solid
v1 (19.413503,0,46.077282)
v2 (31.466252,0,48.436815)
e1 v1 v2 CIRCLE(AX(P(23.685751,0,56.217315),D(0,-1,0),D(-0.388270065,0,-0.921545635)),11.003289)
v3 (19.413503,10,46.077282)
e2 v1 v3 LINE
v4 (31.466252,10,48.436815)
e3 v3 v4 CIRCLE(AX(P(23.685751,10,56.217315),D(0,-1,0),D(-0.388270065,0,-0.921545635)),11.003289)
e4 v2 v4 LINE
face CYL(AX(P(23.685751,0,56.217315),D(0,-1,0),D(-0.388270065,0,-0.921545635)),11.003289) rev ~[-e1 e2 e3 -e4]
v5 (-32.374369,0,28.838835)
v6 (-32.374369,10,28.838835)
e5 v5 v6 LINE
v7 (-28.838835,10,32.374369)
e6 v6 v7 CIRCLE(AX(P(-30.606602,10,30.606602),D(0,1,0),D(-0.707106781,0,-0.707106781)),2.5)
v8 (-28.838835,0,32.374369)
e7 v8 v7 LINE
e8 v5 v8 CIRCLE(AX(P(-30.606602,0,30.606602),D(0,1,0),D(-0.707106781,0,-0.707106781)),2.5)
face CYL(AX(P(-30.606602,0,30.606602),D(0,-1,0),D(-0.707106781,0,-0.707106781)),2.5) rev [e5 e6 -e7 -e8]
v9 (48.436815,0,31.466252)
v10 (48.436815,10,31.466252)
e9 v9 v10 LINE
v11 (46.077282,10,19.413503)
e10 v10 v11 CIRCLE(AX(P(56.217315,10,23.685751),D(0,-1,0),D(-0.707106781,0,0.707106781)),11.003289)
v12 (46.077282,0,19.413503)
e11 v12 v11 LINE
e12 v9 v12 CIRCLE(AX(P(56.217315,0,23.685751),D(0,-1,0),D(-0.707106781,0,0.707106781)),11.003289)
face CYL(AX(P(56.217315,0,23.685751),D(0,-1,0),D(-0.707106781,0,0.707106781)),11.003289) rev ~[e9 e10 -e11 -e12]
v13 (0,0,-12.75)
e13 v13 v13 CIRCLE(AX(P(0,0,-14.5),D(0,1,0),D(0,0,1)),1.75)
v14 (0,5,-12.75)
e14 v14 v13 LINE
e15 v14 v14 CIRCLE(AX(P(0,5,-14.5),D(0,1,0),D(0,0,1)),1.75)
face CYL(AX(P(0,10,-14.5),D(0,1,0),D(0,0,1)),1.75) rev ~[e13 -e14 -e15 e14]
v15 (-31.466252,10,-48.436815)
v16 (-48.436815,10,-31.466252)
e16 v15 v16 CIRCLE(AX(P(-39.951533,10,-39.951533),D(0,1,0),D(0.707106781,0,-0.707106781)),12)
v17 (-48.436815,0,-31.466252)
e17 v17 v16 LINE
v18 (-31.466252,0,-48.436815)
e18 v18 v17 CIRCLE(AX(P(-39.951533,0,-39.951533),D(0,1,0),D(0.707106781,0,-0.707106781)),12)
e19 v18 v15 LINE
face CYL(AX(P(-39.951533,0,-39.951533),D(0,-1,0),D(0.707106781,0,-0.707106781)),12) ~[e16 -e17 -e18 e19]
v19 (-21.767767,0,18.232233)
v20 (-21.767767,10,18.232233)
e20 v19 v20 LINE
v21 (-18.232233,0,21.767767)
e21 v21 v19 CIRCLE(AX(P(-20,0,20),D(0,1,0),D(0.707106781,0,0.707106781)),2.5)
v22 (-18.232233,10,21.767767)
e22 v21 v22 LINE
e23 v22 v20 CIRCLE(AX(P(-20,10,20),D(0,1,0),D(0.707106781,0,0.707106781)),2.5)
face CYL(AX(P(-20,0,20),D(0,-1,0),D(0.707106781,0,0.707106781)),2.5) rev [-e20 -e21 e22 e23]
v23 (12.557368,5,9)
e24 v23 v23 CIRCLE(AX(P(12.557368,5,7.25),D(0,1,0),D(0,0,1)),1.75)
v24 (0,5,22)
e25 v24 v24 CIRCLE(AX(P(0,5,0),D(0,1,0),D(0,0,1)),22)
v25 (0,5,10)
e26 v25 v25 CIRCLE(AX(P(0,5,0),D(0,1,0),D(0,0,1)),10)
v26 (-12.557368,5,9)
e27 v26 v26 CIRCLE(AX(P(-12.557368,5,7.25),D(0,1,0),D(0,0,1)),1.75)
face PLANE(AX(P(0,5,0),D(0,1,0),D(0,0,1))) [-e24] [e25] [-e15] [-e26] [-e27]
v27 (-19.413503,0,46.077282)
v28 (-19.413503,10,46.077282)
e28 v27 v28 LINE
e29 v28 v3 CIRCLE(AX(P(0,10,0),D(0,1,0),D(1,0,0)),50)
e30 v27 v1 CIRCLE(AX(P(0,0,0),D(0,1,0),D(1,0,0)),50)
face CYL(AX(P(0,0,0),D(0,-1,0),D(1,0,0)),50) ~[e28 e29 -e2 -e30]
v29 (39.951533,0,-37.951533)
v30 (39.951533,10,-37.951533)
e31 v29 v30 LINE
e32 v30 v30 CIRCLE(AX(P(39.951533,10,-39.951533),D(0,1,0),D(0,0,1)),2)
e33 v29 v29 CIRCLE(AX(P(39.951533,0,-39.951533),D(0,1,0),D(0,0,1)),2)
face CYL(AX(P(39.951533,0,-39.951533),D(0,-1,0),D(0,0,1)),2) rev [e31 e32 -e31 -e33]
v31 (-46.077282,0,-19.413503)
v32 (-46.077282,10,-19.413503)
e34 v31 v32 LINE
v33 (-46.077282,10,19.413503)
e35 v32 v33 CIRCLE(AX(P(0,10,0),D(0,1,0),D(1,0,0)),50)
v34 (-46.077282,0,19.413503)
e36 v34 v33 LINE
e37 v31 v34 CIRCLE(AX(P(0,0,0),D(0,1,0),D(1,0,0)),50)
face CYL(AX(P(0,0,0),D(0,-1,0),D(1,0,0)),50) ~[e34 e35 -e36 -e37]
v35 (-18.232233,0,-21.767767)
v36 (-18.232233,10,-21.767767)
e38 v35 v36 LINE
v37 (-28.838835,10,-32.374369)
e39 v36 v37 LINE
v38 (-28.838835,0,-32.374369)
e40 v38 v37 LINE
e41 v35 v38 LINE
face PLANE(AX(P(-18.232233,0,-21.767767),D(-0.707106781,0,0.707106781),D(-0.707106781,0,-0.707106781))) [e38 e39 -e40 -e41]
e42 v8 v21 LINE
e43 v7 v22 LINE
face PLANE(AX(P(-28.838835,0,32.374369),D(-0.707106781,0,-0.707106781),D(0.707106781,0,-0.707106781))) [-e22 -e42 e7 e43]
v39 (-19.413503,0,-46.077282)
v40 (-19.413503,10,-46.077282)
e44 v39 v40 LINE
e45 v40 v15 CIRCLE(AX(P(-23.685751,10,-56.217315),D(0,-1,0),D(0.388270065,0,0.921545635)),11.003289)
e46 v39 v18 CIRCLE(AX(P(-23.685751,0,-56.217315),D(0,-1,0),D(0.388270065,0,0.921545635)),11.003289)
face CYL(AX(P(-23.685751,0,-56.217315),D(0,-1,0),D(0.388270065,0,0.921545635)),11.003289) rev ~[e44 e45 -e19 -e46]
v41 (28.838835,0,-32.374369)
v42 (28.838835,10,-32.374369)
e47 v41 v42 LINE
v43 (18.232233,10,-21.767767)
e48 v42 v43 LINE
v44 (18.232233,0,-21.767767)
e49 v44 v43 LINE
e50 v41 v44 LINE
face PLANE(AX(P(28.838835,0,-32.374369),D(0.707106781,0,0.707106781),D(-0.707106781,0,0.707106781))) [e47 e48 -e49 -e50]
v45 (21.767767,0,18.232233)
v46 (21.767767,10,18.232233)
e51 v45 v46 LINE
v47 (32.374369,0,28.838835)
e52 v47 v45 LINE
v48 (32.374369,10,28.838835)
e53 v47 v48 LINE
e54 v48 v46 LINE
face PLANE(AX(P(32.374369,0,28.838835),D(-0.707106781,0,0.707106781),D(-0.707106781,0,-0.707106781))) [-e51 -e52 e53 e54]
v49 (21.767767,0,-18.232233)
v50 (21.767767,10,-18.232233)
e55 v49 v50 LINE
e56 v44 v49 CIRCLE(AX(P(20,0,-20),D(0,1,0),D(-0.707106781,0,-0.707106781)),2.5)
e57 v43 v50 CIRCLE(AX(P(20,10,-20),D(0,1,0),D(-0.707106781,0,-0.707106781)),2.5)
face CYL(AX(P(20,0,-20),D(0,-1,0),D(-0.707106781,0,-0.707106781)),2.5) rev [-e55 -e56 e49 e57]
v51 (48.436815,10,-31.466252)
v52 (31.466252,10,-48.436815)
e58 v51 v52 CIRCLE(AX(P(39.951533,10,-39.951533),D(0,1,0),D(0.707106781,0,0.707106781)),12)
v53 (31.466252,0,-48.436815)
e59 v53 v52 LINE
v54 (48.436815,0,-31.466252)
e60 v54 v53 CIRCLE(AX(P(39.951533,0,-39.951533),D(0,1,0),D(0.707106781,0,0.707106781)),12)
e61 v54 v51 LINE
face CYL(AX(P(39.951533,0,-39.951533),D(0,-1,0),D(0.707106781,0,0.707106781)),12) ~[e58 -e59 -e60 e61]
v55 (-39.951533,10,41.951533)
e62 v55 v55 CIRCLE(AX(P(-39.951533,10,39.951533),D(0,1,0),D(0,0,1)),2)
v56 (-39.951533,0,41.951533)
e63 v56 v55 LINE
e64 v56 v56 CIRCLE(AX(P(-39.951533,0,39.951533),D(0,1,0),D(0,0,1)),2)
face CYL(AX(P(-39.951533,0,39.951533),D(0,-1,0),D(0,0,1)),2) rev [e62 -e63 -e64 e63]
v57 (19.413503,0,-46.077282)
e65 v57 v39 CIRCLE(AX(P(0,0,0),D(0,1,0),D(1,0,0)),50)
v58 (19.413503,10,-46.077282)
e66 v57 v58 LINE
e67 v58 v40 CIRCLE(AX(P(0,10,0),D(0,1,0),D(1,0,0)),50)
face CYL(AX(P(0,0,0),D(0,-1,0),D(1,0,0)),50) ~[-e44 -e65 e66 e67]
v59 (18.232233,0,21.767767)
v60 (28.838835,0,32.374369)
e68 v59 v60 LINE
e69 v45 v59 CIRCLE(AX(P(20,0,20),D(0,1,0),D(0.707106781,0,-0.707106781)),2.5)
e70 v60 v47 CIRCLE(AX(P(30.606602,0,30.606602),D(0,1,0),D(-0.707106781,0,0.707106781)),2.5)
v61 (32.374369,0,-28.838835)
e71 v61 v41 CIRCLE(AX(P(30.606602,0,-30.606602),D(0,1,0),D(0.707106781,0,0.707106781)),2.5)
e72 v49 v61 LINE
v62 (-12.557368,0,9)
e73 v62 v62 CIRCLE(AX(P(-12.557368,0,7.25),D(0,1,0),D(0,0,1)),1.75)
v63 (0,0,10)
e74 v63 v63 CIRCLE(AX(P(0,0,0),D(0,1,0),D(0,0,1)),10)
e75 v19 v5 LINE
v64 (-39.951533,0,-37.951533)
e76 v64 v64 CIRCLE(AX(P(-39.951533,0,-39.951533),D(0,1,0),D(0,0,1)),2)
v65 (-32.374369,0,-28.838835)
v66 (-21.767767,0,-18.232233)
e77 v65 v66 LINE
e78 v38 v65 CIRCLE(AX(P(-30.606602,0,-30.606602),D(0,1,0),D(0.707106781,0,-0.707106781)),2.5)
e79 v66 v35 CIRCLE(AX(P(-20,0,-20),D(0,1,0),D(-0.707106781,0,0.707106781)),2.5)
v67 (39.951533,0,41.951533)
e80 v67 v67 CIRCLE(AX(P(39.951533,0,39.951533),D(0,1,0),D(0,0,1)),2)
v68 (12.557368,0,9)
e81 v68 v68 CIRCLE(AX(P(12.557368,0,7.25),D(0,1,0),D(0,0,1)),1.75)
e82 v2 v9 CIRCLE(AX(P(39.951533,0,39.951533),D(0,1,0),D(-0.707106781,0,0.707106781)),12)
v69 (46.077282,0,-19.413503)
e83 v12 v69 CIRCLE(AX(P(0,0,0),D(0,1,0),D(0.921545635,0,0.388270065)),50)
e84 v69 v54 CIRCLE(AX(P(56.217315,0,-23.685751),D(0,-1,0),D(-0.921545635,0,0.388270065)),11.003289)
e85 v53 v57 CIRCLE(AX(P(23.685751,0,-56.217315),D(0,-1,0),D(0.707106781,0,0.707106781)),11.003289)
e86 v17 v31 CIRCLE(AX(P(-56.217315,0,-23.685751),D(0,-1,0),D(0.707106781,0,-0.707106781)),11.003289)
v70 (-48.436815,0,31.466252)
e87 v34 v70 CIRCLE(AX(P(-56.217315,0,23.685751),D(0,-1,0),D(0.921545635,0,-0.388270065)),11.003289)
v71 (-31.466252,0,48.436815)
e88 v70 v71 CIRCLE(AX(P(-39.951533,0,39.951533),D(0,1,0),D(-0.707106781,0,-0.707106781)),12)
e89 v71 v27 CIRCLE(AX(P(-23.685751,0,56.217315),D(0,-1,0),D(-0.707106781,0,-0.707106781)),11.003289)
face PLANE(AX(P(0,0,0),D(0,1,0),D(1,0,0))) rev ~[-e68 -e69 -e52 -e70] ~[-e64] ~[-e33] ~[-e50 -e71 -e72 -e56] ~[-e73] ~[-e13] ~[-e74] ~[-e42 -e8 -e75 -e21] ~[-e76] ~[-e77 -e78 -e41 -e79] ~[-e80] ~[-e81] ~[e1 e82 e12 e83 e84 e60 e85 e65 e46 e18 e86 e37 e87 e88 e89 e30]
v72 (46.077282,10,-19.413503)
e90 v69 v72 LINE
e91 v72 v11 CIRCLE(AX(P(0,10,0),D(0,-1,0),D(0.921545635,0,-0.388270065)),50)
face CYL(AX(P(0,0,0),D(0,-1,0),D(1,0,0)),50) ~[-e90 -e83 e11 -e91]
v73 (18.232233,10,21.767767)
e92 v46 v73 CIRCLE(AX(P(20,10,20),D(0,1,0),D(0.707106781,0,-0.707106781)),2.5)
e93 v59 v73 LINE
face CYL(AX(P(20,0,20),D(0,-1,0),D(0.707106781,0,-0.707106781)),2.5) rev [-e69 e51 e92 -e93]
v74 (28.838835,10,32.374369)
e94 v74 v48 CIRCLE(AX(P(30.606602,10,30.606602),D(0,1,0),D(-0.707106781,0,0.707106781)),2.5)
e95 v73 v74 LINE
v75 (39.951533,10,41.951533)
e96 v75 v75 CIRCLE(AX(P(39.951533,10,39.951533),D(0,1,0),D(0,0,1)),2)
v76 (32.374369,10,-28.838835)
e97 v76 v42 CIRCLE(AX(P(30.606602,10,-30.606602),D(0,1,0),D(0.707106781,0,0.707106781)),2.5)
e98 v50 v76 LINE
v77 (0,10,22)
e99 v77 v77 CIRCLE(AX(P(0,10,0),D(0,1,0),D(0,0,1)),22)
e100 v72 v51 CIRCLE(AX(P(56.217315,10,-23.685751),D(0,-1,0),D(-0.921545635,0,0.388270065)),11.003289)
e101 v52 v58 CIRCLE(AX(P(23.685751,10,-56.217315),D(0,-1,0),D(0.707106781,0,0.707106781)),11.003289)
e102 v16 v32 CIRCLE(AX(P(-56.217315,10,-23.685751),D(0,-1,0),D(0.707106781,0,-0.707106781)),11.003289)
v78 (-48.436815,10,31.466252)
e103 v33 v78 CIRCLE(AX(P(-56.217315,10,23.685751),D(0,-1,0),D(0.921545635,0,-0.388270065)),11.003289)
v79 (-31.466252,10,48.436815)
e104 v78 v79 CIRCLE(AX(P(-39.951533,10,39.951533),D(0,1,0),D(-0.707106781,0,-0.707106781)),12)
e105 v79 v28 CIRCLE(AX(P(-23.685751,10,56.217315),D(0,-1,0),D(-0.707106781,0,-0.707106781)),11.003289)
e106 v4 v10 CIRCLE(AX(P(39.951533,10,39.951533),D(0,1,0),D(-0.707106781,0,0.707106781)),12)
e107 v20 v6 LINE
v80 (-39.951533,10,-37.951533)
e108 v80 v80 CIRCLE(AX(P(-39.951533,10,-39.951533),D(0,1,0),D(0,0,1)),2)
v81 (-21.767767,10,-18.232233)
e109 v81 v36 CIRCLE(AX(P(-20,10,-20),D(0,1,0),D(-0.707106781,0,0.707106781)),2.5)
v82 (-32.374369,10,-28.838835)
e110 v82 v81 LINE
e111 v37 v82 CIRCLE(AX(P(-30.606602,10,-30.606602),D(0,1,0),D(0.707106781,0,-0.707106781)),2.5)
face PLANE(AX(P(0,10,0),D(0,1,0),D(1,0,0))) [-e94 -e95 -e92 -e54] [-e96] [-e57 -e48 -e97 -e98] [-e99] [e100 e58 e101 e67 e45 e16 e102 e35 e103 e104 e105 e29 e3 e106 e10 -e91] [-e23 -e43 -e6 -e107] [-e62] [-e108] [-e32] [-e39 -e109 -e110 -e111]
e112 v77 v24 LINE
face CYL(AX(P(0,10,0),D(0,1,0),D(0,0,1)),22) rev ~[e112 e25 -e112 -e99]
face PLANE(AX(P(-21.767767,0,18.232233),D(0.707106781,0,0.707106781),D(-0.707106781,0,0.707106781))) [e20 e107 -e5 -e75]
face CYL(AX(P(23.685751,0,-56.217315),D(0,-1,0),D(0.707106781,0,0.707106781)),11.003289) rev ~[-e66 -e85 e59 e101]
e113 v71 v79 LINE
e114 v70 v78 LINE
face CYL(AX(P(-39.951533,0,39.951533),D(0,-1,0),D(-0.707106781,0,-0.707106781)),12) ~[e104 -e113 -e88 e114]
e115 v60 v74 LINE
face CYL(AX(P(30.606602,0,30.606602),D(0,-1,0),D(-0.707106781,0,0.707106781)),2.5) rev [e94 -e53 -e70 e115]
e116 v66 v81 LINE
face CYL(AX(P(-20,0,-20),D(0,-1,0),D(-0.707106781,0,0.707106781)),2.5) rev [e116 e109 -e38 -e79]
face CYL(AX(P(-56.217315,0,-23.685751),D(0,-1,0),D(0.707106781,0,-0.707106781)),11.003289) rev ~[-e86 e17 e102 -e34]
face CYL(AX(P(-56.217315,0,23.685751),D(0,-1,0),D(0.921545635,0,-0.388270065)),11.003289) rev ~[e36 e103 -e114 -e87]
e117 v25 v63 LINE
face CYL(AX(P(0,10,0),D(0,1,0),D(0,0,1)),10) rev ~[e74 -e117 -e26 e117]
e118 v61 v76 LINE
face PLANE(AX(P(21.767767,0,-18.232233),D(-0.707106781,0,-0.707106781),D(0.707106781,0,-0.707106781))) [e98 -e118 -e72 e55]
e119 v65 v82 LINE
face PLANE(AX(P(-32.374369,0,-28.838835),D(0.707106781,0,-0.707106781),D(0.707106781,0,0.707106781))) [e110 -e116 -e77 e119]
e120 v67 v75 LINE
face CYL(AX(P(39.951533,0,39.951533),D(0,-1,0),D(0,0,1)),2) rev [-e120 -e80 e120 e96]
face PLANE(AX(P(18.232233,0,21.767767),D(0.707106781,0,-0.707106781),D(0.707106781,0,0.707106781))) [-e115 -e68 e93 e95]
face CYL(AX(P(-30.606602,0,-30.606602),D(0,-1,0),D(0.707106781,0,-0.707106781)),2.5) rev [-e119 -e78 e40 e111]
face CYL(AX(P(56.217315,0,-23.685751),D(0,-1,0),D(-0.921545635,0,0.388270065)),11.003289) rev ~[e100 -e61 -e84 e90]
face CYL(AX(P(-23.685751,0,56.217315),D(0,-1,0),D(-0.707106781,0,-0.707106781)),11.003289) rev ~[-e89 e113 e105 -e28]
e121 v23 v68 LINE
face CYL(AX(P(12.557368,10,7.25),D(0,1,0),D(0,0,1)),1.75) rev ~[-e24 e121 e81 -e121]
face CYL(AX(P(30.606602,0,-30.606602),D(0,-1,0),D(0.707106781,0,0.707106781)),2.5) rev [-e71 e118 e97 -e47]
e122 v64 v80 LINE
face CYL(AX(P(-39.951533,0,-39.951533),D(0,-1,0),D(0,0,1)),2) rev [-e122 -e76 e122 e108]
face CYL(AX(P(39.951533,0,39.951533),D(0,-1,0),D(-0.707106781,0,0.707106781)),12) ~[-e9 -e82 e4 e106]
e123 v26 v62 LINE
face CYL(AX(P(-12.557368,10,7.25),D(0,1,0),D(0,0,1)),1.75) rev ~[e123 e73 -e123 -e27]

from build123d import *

# Parameters (mm, degrees)
SKETCH_1_R          = 2
EXTRUDE_1_DEPTH     = 10
SKETCH_2_R          = 22
SKETCH_2_R_2        = 10
CUT_EXTRUDE_1_DEPTH = 5
SKETCH_2_3_R        = 1.75
SKETCH_2_3_R_2      = 10
CUT_EXTRUDE_2_DEPTH = 75.1479844


with BuildPart() as part:
    # 草图1 → 凸台-拉伸1 (new body)
    with BuildSketch(Plane(origin=(0, 0, 0), x_dir=(1, 0, 0), z_dir=(0, 1, 0))):
        with BuildLine():
            ThreePointArc((46.077281732, -19.413503243), (50, 0), (46.077281732, 19.413503243))
            ThreePointArc((46.077281732, 19.413503243), (45.41900176, 25.799706685), (48.436814511, 31.466251763))
            ThreePointArc((48.436814511, 31.466251763), (48.436814511, 48.436814511), (31.466251763, 48.436814511))
            ThreePointArc((31.466251763, 48.436814511), (25.799706685, 45.41900176), (19.413503243, 46.077281732))
            ThreePointArc((19.413503243, 46.077281732), (0, 50), (-19.413503243, 46.077281732))
            ThreePointArc((-19.413503243, 46.077281732), (-25.799706685, 45.41900176), (-31.466251763, 48.436814511))
            ThreePointArc((-31.466251763, 48.436814511), (-48.436814511, 48.436814511), (-48.436814511, 31.466251763))
            ThreePointArc((-48.436814511, 31.466251763), (-45.41900176, 25.799706685), (-46.077281732, 19.413503243))
            ThreePointArc((-46.077281732, 19.413503243), (-50, 0), (-46.077281732, -19.413503243))
            ThreePointArc((-46.077281732, -19.413503243), (-45.41900176, -25.799706685), (-48.436814511, -31.466251763))
            ThreePointArc((-48.436814511, -31.466251763), (-48.436814511, -48.436814511), (-31.466251763, -48.436814511))
            ThreePointArc((-31.466251763, -48.436814511), (-25.799706685, -45.41900176), (-19.413503243, -46.077281732))
            ThreePointArc((-19.413503243, -46.077281732), (0, -50), (19.413503243, -46.077281732))
            ThreePointArc((19.413503243, -46.077281732), (25.799706685, -45.41900176), (31.466251763, -48.436814511))
            ThreePointArc((31.466251763, -48.436814511), (48.436814511, -48.436814511), (48.436814511, -31.466251763))
            ThreePointArc((48.436814511, -31.466251763), (45.41900176, -25.799706685), (46.077281732, -19.413503243))
        make_face()
        with BuildLine():
            ThreePointArc((-21.767766953, -18.232233047), (-18.232233047, -18.232233047), (-18.232233047, -21.767766953))
            Line((-18.232233047, -21.767766953), (-28.838834765, -32.374368671))
            ThreePointArc((-28.838834765, -32.374368671), (-32.374368671, -32.374368671), (-32.374368671, -28.838834765))
            Line((-32.374368671, -28.838834765), (-21.767766953, -18.232233047))
        make_face(mode=Mode.SUBTRACT)
        with BuildLine():
            ThreePointArc((18.232233047, -21.767766953), (18.232233047, -18.232233047), (21.767766953, -18.232233047))
            Line((21.767766953, -18.232233047), (32.374368671, -28.838834765))
            ThreePointArc((32.374368671, -28.838834765), (32.374368671, -32.374368671), (28.838834765, -32.374368671))
            Line((28.838834765, -32.374368671), (18.232233047, -21.767766953))
        make_face(mode=Mode.SUBTRACT)
        with BuildLine():
            ThreePointArc((-18.232233047, 21.767766953), (-18.232233047, 18.232233047), (-21.767766953, 18.232233047))
            Line((-21.767766953, 18.232233047), (-32.374368671, 28.838834765))
            ThreePointArc((-32.374368671, 28.838834765), (-32.374368671, 32.374368671), (-28.838834765, 32.374368671))
            Line((-28.838834765, 32.374368671), (-18.232233047, 21.767766953))
        make_face(mode=Mode.SUBTRACT)
        with BuildLine():
            ThreePointArc((21.767766953, 18.232233047), (18.232233047, 18.232233047), (18.232233047, 21.767766953))
            Line((18.232233047, 21.767766953), (28.838834765, 32.374368671))
            ThreePointArc((28.838834765, 32.374368671), (32.374368671, 32.374368671), (32.374368671, 28.838834765))
            Line((32.374368671, 28.838834765), (21.767766953, 18.232233047))
        make_face(mode=Mode.SUBTRACT)
        with Locations((39.951533137, -39.951533137)):
            Circle(SKETCH_1_R, mode=Mode.SUBTRACT)
        with Locations((-39.951533137, -39.951533137)):
            Circle(SKETCH_1_R, mode=Mode.SUBTRACT)
        with Locations((-39.951533137, 39.951533137)):
            Circle(SKETCH_1_R, mode=Mode.SUBTRACT)
        with Locations((39.951533137, 39.951533137)):
            Circle(SKETCH_1_R, mode=Mode.SUBTRACT)
    extrude(amount=EXTRUDE_1_DEPTH)

    # 草图2 → 切除-拉伸1 (cut)
    with BuildSketch(Plane(origin=(0, 10, 0), x_dir=(1, 0, 0), z_dir=(0, 1, 0))):
        Circle(SKETCH_2_R)
        Circle(SKETCH_2_R_2, mode=Mode.SUBTRACT)
    extrude(amount=-CUT_EXTRUDE_1_DEPTH, mode=Mode.SUBTRACT)

    # 草图2<3> → 切除-拉伸2 (cut, through all)
    with BuildSketch(Plane(origin=(0, 10, 0), x_dir=(1, 0, 0), z_dir=(0, 1, 0))):
        with Locations((0, 14.5)):
            Circle(SKETCH_2_3_R)
        with Locations((12.557368355, -7.25)):
            Circle(SKETCH_2_3_R)
        with Locations((-12.557368355, -7.25)):
            Circle(SKETCH_2_3_R)
        Circle(SKETCH_2_3_R_2)
    extrude(amount=-CUT_EXTRUDE_2_DEPTH, mode=Mode.SUBTRACT)


solid = part.part
